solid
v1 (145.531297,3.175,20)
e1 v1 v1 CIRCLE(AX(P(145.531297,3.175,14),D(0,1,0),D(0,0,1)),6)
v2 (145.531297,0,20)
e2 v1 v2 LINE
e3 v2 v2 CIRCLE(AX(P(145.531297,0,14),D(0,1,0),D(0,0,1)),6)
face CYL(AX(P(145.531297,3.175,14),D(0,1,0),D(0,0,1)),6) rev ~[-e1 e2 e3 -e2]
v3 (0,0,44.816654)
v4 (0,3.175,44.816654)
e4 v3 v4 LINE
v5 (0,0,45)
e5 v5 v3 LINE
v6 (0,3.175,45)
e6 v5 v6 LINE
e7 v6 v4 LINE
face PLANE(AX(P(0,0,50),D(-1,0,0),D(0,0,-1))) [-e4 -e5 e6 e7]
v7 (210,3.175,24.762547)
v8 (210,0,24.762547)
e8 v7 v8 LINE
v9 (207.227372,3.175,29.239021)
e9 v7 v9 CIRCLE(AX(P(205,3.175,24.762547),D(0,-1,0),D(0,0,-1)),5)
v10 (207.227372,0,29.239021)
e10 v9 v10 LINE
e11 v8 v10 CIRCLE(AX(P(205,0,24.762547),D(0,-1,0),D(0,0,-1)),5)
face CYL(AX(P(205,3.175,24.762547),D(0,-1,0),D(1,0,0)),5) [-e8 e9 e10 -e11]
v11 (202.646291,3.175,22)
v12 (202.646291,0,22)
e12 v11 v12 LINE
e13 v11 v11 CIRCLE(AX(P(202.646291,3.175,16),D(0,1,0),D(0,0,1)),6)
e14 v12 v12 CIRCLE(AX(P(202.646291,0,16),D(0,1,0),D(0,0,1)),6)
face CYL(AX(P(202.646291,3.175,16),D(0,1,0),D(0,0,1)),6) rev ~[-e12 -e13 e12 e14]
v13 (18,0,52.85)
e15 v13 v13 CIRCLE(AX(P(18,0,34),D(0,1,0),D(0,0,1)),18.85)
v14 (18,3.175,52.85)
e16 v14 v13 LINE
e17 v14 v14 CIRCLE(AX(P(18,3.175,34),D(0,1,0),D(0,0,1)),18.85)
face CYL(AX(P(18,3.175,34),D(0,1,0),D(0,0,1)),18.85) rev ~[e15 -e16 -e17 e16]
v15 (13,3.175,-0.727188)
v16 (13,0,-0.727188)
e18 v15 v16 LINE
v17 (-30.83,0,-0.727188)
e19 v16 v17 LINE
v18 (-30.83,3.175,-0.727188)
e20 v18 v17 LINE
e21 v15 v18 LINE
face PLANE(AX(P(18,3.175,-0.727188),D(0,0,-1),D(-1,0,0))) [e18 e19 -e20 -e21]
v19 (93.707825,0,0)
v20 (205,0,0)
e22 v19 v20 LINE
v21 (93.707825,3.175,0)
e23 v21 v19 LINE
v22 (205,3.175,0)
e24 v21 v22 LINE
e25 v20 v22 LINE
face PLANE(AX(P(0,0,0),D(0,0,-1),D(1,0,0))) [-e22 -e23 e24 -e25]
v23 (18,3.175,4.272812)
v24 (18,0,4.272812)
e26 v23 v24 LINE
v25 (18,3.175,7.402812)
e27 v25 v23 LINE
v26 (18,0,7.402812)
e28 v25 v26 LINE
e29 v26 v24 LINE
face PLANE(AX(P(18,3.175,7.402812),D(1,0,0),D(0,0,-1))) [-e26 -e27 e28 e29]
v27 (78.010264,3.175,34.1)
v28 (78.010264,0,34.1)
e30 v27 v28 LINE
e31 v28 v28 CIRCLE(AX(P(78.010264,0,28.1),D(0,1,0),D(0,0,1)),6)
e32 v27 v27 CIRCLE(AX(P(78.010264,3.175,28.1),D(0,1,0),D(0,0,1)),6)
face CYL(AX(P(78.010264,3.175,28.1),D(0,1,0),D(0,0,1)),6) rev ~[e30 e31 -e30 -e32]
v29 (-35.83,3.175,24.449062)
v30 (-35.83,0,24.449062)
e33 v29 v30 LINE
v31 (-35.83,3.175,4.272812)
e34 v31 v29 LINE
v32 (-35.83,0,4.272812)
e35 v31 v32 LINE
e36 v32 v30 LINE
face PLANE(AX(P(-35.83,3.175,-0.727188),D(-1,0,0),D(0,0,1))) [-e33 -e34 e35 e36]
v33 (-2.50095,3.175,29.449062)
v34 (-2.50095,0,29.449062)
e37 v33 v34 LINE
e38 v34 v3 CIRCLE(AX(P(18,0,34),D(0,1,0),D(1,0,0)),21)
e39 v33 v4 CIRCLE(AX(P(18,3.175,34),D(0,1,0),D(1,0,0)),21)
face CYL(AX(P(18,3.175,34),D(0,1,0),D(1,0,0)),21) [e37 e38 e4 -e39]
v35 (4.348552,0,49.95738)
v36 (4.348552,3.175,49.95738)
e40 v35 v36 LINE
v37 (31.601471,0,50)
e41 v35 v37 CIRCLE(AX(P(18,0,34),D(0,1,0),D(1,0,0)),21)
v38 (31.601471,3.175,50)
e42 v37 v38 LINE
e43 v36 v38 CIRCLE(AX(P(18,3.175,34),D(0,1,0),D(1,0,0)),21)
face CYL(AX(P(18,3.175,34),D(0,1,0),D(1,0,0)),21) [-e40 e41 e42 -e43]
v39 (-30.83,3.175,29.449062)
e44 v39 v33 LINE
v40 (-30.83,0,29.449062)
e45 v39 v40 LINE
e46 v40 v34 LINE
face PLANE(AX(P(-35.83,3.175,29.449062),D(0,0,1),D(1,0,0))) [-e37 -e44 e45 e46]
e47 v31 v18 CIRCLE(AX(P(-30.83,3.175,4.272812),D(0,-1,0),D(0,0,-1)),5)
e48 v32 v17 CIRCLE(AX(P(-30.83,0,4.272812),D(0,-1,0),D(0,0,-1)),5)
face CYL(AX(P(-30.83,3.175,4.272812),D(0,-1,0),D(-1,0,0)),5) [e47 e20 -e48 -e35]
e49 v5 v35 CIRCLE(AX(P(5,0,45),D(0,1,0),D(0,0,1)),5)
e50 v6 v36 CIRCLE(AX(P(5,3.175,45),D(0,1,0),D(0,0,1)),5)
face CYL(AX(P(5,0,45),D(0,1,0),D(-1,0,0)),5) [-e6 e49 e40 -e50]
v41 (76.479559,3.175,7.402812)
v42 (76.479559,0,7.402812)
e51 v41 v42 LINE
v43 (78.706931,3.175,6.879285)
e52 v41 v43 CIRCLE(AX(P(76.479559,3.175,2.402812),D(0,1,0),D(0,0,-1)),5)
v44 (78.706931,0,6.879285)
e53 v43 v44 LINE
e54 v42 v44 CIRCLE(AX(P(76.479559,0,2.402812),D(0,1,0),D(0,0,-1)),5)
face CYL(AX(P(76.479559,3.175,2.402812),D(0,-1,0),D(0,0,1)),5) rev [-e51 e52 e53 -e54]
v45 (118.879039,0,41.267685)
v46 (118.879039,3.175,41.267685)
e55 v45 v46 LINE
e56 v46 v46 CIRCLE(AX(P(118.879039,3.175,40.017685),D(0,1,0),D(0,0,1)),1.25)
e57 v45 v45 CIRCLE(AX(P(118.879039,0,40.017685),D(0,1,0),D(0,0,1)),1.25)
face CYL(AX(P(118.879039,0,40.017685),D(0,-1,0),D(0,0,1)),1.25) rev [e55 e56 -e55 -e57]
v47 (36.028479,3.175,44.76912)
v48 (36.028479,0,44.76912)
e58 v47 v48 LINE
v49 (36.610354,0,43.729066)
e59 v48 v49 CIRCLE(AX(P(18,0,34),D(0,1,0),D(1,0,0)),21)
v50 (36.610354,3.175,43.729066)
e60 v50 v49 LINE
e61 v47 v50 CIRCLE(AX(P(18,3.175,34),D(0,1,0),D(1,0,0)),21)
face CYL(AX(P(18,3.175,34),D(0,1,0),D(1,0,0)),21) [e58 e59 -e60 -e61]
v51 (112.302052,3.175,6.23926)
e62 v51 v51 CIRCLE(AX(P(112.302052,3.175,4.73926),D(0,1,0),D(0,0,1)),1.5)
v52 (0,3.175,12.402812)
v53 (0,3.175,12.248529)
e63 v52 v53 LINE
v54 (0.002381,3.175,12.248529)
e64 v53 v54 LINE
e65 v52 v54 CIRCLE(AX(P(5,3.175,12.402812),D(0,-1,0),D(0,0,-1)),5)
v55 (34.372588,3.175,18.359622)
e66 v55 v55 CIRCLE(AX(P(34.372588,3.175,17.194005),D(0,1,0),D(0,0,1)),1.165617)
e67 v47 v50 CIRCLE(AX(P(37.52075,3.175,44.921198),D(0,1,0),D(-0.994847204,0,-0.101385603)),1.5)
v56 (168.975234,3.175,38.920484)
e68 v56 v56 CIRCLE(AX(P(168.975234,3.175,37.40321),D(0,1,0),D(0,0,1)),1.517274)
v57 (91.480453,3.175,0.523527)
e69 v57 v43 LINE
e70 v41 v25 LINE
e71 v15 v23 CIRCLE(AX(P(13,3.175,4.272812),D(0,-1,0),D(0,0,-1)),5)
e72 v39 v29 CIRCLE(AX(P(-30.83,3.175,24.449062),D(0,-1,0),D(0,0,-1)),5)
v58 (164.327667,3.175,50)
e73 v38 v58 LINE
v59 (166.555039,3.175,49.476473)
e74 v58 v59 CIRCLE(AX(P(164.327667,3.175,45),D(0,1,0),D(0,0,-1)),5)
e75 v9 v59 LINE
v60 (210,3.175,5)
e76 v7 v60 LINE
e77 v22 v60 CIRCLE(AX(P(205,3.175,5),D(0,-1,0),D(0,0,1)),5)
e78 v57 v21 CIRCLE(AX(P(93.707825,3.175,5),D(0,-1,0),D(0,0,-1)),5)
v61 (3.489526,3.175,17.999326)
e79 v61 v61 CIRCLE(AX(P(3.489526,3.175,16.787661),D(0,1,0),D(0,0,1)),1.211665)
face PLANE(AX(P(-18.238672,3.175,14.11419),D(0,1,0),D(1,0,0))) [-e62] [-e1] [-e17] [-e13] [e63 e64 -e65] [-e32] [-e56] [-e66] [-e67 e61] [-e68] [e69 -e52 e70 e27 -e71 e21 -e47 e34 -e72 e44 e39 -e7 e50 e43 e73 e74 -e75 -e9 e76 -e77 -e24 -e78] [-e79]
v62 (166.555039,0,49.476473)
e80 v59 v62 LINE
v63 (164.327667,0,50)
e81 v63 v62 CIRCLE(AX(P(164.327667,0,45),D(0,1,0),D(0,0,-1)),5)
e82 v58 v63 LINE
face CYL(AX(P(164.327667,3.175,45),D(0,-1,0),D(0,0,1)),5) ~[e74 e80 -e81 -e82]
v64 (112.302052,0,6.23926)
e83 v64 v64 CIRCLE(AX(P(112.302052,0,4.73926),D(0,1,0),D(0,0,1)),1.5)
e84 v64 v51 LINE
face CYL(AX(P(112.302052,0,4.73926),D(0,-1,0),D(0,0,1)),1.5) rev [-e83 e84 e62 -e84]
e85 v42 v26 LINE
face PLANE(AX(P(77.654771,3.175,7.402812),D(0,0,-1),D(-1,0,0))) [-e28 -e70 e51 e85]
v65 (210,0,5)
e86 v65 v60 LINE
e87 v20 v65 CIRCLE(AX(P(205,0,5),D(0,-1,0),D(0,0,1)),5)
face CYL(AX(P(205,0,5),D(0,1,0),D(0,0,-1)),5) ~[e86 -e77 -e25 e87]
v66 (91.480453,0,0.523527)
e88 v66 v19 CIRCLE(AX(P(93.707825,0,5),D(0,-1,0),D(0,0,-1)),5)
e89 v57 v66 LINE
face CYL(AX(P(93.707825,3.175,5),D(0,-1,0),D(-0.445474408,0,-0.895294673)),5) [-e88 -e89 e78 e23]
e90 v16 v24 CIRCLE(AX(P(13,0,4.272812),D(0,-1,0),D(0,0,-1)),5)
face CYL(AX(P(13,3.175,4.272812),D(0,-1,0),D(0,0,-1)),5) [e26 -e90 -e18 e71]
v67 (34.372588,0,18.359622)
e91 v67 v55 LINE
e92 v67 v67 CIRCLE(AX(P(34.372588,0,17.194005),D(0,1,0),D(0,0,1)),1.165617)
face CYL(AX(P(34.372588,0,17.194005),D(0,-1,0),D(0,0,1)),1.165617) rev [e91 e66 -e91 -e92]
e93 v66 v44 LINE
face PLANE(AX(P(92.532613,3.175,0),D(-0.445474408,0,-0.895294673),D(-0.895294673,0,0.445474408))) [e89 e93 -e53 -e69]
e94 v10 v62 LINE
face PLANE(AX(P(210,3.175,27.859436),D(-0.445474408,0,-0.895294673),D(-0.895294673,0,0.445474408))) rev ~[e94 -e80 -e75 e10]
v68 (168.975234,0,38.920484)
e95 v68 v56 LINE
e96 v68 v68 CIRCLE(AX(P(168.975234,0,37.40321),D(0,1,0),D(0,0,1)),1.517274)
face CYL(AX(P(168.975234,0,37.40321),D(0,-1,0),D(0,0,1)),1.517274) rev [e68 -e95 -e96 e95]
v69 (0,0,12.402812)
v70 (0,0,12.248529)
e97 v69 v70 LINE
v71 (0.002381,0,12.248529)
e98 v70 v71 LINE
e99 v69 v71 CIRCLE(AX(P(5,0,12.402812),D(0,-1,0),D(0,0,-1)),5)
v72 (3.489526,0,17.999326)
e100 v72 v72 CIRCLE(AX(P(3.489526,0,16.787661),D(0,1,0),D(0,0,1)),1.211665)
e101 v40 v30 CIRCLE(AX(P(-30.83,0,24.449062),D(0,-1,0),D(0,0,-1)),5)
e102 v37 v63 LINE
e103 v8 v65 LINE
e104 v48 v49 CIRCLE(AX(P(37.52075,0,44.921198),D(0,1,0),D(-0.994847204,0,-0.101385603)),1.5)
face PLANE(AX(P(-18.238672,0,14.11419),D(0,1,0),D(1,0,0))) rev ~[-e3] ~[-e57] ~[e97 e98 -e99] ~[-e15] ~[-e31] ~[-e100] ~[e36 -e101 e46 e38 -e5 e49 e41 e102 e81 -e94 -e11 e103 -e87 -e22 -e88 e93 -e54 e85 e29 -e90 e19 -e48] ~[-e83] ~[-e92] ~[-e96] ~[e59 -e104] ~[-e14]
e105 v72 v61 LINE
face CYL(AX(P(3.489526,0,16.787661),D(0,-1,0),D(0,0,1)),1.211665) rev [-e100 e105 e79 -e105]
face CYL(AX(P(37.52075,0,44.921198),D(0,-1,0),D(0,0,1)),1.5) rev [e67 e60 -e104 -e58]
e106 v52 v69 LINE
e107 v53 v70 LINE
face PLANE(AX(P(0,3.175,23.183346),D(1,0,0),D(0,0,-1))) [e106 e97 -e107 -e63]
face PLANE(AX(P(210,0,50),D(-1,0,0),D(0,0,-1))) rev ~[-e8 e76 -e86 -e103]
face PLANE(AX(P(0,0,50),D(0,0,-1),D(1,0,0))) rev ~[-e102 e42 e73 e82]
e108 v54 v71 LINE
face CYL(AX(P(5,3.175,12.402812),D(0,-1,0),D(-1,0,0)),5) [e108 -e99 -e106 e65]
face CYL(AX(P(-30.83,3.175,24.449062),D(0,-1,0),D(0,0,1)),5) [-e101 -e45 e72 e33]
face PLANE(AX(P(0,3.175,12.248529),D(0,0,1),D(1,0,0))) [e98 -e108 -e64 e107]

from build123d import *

# Parameters (mm, degrees)
SKETCH1_W           = 210
SKETCH1_H           = 50
SKETCH1_R           = 1.211665018
SKETCH1_R_2         = 1.165617118
SKETCH1_R_3         = 1.5
SKETCH1_R_4         = 1.25
SKETCH1_R_5         = 1.517273905
BOSS_EXTRUDE1_DEPTH = 3.175
SKETCH2_R           = 2
CUT_EXTRUDE1_DEPTH  = 10
SKETCH3_R           = 6
SKETCH3_R_2         = 0.586995366
CUT_EXTRUDE2_DEPTH  = 57.15
CUT_EXTRUDE7_DEPTH  = 10
FILLET3_R           = 5
SKETCH11_R          = 18.5
SKETCH11_R_2        = 2
BOSS_EXTRUDE4_DEPTH = 3.175
SKETCH12_R          = 21
BOSS_EXTRUDE5_DEPTH = 3.175
SKETCH13_R          = 18.85
CUT_EXTRUDE8_DEPTH  = 3.175
BOSS_EXTRUDE6_DEPTH = 3.175
FILLET4_R           = 5


with BuildPart() as part:
    # Sketch1 → Boss-Extrude1 (new body)
    with BuildSketch(Plane(origin=(0, 0, 0), x_dir=(1, 0, 0), z_dir=(0, 1, 0))):
        with Locations((105, -25)):
            Rectangle(SKETCH1_W, SKETCH1_H)
        with Locations(Location((3.489526233, -16.787661112, 0), (0, 0, 270))):
            Circle(SKETCH1_R, mode=Mode.SUBTRACT)
        with Locations(Location((34.37258772, -17.194005245, 0), (0, 0, 270))):
            Circle(SKETCH1_R_2, mode=Mode.SUBTRACT)
        with Locations(Location((37.520749958, -44.921198121, 0), (0, 0, 270))):
            Circle(SKETCH1_R_3, mode=Mode.SUBTRACT)
        with Locations(Location((118.879039361, -40.017685043, 0), (0, 0, 270))):
            Circle(SKETCH1_R_4, mode=Mode.SUBTRACT)
        with Locations(Location((112.302052499, -4.739260115, 0), (0, 0, 270))):
            Circle(SKETCH1_R_3, mode=Mode.SUBTRACT)
        with Locations(Location((168.975233936, -37.403209633, 0), (0, 0, 270))):
            Circle(SKETCH1_R_5, mode=Mode.SUBTRACT)
    extrude(amount=BOSS_EXTRUDE1_DEPTH)

    # Sketch2 → Cut-Extrude1 (cut)
    with BuildSketch(Plane(origin=(0, 3.175, 0), x_dir=(1, 0, 0), z_dir=(0, 1, 0))):
        with Locations(Location((10, -26, 0), (0, 0, 270))):
            Circle(SKETCH2_R)
        with Locations(Location((10, -42, 0), (0, 0, 270))):
            Circle(SKETCH2_R)
        with Locations(Location((26, -26, 0), (0, 0, 270))):
            Circle(SKETCH2_R)
        with Locations(Location((26, -42, 0), (0, 0, 270))):
            Circle(SKETCH2_R)
    extrude(amount=-CUT_EXTRUDE1_DEPTH, mode=Mode.SUBTRACT)

    # Sketch3 → Cut-Extrude2 (cut)
    with BuildSketch(Plane(origin=(0, 3.175, 0), x_dir=(1, 0, 0), z_dir=(0, 1, 0))):
        with Locations(Location((78.01026379, -28.1, 0), (0, 0, 270))):
            Circle(SKETCH3_R)
        with Locations(Location((145.531297368, -14, 0), (0, 0, 270))):
            Circle(SKETCH3_R)
        with Locations(Location((18, -34, 0), (0, 0, 270))):
            Circle(SKETCH3_R_2)
        with Locations(Location((202.646291021, -16, 0), (0, 0, 270))):
            Circle(SKETCH3_R)
    extrude(amount=-CUT_EXTRUDE2_DEPTH, mode=Mode.SUBTRACT)

    # Sketch10 → Cut-Extrude7 (cut)
    with BuildSketch(Plane(origin=(0, 3.175, 0), x_dir=(1, 0, 0), z_dir=(0, 1, 0))):
        Polygon((210, -27.859435908), (165.502877994, -50), (210, -50), align=None)
        Polygon((92.532613397, 0), (77.65477062, -7.402812063), (0, -7.402812063), (0, 0), align=None)
    extrude(amount=-CUT_EXTRUDE7_DEPTH, mode=Mode.SUBTRACT)

    # Fillet3
    fillet3_edges = [part.edges().sort_by_distance(p)[0] for p in [
        (210, 1.5875, 0),
        (0, 1.5875, 50),
        (92.532613397, 1.5875, 0),
        (210, 1.5875, 27.859435908),
        (165.502877994, 1.5875, 50),
        (77.65477062, 1.5875, 7.402812063),
        (0, 1.5875, 7.402812063),
    ]]
    fillet(fillet3_edges, radius=FILLET3_R)

    # Sketch11 → Boss-Extrude4 (add)
    with BuildSketch(Plane(origin=(0, 3.175, 0), x_dir=(1, 0, 0), z_dir=(0, 1, 0))):
        with Locations((18, -34)):
            Circle(SKETCH11_R)
        with Locations(Location((10, -26, 0), (0, 0, 270))):
            Circle(SKETCH11_R_2, mode=Mode.SUBTRACT)
        with Locations(Location((10, -42, 0), (0, 0, 270))):
            Circle(SKETCH11_R_2, mode=Mode.SUBTRACT)
        with Locations(Location((26, -26, 0), (0, 0, 270))):
            Circle(SKETCH11_R_2, mode=Mode.SUBTRACT)
        with Locations(Location((26, -42, 0), (0, 0, 270))):
            Circle(SKETCH11_R_2, mode=Mode.SUBTRACT)
    extrude(amount=-BOSS_EXTRUDE4_DEPTH)

    # Sketch12 → Boss-Extrude5 (add)
    with BuildSketch(Plane(origin=(0, 3.175, 0), x_dir=(1, 0, 0), z_dir=(0, 1, 0))):
        with Locations((18, -34)):
            Circle(SKETCH12_R)
    extrude(amount=-BOSS_EXTRUDE5_DEPTH)

    # Sketch13 → Cut-Extrude8 (cut)
    with BuildSketch(Plane(origin=(0, 3.175, 0), x_dir=(1, 0, 0), z_dir=(0, 1, 0))):
        with Locations(Location((18, -34, 0), (0, 0, 270))):
            Circle(SKETCH13_R)
    extrude(amount=-CUT_EXTRUDE8_DEPTH, mode=Mode.SUBTRACT)

    # Sketch14 → Boss-Extrude6 (add)
    with BuildSketch(Plane(origin=(0, 3.175, 0), x_dir=(1, 0, 0), z_dir=(0, 1, 0))):
        with BuildLine():
            Line((-35.83, -29.449062132), (-2.500950332, -29.449062132))
            ThreePointArc((-2.500950332, -29.449062132), (-1.503732803, -26.215116779), (0, -23.183346174))
            Line((0, -23.183346174), (0, -12.402812063))
            Line((0, -12.402812063), (0, -12.248529085))
            Line((0, -12.248529085), (0, 0.727187937))
            Line((0, 0.727187937), (-35.83, 0.727187937))
            Line((-35.83, 0.727187937), (-35.83, -29.449062132))
        make_face()
        with BuildLine():
            Line((0, 0.727187937), (0, -12.248529085))
            Line((0, -12.248529085), (0.002380891, -12.248529085))
            ThreePointArc((0.002380891, -12.248529085), (1.51944077, -8.813145304), (5, -7.402812063))
            Line((5, -7.402812063), (18, -7.402812063))
            Line((18, -7.402812063), (18, 0.727187937))
            Line((18, 0.727187937), (0, 0.727187937))
        make_face()
    extrude(amount=-BOSS_EXTRUDE6_DEPTH)

    # Fillet4
    fillet4_edges = [part.edges().sort_by_distance(p)[0] for p in [
        (-35.83, 1.5875, 29.449062132),
        (-35.83, 1.5875, -0.727187937),
        (18, 1.5875, -0.727187937),
    ]]
    fillet(fillet4_edges, radius=FILLET4_R)


solid = part.part
